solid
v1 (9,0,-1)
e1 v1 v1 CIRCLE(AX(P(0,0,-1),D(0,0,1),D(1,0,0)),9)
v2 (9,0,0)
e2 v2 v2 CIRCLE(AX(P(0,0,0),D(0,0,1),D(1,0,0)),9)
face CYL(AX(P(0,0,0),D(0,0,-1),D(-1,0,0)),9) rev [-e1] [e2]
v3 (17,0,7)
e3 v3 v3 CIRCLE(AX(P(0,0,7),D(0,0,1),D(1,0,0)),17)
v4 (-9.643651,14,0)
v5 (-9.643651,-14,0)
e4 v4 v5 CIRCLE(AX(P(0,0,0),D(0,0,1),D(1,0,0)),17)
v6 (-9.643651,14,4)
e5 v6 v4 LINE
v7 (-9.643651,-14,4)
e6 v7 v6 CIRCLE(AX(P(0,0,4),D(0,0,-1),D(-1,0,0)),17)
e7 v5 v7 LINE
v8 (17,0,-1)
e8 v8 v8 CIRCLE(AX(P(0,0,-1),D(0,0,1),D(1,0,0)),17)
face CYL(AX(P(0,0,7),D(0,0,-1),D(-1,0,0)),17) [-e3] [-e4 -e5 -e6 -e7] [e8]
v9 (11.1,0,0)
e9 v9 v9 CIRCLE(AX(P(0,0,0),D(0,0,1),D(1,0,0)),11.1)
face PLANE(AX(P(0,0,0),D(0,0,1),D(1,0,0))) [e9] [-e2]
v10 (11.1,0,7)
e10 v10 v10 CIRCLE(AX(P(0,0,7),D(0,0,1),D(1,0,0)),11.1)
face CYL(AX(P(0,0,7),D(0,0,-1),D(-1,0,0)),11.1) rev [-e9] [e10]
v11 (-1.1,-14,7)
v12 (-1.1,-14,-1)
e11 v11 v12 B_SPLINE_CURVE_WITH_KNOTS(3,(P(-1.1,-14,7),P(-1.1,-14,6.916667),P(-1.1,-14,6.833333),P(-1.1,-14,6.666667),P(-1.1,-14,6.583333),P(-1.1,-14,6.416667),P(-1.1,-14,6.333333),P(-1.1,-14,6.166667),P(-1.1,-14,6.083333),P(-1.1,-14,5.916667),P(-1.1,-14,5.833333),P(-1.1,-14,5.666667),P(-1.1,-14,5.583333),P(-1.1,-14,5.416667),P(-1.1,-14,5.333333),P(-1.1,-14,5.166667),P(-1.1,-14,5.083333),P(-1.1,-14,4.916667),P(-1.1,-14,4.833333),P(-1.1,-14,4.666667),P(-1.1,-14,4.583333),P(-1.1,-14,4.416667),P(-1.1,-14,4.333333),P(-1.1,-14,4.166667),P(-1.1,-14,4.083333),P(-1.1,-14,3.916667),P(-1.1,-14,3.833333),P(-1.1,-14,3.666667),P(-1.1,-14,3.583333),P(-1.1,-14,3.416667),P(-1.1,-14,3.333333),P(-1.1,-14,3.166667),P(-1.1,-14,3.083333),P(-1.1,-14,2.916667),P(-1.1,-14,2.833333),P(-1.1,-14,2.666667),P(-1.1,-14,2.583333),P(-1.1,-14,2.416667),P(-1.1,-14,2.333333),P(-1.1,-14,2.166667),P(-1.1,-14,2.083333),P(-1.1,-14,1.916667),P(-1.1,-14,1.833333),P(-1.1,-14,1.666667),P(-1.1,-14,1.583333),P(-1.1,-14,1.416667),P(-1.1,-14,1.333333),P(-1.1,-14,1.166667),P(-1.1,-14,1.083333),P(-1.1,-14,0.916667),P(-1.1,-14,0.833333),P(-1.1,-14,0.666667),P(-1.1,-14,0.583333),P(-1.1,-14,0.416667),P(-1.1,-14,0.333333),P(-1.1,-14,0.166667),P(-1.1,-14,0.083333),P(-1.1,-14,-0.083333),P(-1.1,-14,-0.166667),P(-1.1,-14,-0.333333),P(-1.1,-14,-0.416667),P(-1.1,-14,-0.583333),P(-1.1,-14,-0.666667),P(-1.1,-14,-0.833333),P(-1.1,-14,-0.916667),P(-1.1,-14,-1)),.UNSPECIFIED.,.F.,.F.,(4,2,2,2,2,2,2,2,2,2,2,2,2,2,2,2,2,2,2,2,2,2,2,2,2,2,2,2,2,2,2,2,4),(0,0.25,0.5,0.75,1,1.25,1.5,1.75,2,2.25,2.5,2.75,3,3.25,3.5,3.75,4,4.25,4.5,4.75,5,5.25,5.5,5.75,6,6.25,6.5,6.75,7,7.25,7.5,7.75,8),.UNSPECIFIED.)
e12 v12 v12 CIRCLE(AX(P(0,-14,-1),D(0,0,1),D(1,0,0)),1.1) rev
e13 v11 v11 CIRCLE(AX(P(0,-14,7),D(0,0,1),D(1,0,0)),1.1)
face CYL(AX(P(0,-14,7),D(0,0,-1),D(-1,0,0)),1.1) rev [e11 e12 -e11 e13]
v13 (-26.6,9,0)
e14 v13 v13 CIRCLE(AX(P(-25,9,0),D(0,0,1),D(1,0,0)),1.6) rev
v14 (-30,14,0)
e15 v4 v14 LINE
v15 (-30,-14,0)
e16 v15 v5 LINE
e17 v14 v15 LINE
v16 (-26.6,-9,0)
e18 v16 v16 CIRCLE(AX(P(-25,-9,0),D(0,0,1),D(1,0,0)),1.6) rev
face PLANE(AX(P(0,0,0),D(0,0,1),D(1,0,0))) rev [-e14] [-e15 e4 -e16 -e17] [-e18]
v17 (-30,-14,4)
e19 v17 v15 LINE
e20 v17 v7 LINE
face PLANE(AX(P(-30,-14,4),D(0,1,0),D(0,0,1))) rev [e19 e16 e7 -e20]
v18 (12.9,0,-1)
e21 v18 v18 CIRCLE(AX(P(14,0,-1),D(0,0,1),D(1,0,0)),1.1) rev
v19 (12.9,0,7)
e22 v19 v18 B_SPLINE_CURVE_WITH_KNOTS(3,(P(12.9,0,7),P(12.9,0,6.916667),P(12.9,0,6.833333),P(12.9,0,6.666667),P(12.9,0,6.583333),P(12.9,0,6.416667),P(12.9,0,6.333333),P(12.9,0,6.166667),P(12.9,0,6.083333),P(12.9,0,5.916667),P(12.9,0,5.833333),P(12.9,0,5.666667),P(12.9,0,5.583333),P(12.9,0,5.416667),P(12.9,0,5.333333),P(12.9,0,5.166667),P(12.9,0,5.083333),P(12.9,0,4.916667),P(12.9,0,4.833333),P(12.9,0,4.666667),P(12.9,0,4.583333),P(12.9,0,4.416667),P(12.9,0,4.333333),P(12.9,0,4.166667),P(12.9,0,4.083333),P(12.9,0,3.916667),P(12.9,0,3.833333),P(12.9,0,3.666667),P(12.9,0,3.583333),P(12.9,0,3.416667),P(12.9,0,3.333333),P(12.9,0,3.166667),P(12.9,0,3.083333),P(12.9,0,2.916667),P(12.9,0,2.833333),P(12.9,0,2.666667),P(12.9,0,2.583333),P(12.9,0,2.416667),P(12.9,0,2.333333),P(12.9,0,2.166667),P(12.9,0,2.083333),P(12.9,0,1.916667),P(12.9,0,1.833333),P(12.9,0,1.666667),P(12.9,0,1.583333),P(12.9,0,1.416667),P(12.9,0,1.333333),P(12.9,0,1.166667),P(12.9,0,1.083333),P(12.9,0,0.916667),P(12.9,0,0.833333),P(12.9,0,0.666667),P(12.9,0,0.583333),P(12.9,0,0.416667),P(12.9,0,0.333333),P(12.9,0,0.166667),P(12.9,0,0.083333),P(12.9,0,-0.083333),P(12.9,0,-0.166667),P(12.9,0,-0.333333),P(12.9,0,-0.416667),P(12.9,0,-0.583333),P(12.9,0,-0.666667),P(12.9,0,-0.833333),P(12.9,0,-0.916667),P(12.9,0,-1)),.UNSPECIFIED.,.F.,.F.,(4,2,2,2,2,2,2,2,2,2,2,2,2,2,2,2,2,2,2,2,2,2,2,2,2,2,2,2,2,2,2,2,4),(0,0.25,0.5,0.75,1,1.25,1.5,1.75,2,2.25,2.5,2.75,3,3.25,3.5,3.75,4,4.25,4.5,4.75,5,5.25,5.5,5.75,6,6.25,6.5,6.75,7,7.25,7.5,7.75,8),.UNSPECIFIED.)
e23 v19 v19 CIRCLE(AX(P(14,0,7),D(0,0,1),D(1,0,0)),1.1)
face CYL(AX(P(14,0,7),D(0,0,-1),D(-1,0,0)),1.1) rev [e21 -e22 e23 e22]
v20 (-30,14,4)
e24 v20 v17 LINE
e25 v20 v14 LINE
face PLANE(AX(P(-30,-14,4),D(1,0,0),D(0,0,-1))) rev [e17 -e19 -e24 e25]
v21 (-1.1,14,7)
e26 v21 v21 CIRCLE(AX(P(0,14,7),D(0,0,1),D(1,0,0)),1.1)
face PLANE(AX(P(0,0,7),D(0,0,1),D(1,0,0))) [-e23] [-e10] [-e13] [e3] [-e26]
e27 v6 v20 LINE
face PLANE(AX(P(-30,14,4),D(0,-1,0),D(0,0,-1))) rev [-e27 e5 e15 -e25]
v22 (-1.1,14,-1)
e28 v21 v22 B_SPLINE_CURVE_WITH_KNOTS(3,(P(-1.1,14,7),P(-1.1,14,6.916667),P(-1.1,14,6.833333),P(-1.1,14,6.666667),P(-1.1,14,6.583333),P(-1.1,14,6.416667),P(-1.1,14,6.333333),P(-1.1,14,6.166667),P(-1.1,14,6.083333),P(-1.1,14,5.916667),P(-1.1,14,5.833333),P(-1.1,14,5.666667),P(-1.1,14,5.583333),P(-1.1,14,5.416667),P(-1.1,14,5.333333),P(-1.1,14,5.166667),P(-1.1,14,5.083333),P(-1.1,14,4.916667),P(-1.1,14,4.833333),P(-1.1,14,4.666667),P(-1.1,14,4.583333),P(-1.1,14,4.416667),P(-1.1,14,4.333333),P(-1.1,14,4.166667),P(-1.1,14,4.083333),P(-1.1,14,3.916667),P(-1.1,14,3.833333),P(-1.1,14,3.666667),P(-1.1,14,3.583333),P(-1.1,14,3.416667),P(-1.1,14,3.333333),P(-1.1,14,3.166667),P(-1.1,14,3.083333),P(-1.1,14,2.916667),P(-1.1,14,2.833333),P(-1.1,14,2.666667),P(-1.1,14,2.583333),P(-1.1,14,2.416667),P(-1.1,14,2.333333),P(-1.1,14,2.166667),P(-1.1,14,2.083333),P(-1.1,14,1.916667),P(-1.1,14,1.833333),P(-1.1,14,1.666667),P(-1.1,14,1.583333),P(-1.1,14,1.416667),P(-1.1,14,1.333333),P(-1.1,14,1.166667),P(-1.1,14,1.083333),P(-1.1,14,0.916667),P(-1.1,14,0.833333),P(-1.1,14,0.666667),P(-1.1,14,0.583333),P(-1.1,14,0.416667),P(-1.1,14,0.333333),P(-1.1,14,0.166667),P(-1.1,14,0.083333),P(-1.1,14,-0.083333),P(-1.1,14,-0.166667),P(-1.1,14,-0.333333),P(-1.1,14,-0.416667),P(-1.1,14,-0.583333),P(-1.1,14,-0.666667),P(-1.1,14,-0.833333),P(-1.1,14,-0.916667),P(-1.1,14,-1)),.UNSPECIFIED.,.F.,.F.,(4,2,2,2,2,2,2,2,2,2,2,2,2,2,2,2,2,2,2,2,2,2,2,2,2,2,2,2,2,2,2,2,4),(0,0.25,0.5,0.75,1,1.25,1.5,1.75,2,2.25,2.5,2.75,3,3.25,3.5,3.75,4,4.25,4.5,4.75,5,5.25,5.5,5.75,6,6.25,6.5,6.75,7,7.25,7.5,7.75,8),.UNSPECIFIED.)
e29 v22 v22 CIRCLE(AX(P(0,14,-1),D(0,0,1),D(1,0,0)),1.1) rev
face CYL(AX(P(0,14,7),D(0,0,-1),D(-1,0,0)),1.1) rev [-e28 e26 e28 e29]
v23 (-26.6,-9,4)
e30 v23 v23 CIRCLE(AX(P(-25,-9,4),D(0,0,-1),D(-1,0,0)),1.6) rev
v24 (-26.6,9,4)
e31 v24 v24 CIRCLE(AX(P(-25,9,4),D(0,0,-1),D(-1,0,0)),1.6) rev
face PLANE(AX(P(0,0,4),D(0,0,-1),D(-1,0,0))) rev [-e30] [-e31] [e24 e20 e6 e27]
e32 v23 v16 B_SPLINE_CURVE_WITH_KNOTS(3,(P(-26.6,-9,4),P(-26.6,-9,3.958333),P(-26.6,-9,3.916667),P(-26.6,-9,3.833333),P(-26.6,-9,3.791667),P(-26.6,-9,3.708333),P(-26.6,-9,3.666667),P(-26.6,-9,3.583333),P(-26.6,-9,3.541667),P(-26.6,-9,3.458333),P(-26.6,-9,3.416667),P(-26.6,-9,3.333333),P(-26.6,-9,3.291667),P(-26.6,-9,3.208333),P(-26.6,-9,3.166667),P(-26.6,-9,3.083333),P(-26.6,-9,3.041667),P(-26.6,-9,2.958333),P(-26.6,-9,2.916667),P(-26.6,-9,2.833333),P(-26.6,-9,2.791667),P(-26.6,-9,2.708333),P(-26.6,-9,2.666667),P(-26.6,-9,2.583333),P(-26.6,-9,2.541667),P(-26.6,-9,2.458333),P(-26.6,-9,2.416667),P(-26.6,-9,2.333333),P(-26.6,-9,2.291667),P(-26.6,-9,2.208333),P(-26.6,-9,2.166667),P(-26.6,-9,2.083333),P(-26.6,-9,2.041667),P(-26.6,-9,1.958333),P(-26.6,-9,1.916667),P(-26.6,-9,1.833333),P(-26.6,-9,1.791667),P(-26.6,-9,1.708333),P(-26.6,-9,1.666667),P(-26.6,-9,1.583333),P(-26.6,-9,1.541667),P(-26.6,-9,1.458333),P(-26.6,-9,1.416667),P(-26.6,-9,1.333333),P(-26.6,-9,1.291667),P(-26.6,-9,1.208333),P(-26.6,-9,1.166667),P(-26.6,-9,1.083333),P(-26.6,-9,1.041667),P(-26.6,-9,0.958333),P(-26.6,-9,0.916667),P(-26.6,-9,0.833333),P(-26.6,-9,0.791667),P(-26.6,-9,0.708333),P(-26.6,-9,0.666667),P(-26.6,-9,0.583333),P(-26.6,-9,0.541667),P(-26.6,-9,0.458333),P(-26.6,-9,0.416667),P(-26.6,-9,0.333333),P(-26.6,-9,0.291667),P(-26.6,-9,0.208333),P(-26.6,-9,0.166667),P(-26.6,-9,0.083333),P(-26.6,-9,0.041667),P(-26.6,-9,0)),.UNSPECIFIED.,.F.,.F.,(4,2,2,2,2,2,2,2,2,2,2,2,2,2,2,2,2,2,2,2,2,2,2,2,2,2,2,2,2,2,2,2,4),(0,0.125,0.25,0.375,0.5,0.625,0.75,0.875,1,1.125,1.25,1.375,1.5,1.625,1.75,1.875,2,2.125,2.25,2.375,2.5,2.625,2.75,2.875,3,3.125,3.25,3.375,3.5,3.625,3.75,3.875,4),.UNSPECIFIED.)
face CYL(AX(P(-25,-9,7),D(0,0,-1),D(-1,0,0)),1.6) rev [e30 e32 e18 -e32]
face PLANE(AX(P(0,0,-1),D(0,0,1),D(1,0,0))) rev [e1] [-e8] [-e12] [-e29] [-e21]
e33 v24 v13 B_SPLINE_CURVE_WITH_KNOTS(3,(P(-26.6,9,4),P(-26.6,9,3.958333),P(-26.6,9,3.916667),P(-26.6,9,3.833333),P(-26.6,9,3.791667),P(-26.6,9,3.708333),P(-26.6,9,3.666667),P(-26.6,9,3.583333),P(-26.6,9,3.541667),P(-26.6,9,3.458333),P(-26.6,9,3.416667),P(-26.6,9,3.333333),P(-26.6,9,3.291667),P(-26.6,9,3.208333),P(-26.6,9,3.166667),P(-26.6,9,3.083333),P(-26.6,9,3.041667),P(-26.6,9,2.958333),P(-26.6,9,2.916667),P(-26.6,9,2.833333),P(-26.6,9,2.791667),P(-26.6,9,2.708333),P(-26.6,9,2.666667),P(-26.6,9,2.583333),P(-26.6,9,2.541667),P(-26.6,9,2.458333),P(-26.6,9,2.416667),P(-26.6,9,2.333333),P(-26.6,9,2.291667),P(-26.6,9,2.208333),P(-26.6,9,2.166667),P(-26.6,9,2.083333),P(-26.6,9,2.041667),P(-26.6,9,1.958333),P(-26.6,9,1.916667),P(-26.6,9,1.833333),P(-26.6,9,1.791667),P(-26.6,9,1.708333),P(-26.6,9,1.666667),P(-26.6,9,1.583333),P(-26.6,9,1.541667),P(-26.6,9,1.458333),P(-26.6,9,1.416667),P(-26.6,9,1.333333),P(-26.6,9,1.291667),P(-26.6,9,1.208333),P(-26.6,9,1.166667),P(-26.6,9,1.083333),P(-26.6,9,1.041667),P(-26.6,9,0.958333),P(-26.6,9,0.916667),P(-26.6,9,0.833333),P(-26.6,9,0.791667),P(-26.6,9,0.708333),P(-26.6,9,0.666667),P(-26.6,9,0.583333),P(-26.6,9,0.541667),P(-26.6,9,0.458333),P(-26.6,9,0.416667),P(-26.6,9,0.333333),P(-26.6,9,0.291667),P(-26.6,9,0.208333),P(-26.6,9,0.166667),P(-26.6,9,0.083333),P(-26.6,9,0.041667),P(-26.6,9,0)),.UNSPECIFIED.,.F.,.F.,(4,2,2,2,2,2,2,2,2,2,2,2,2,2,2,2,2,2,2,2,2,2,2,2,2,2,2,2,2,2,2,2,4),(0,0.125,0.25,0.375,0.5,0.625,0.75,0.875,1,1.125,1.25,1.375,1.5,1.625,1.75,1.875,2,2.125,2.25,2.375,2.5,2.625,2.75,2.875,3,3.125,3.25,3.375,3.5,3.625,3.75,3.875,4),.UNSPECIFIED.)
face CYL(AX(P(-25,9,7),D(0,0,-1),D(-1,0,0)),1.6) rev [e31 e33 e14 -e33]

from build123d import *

# Parameters (mm, degrees)
BEARING_HOUSING_PROFILE_R                  = 17
BEARING_HOUSING_PROFILE_R_2                = 11.1
BEARING_HOUSING_DEPTH                      = 7
MOUNTING_WEB_PROFILE_W                     = 30
MOUNTING_WEB_PROFILE_H                     = 28
MOUNTING_WEB_DEPTH                         = 4
BEARING_SEAT_START                         = -50
BEARING_SEAT_PROFILE_R                     = 11.1
BEARING_SEAT_DEPTH                         = 86.185224172
INNER_OUTER_RACE_RETAINING_LIP_START       = -1
INNER_OUTER_RACE_RETAINING_LIP_PROFILE_R   = 17
INNER_OUTER_RACE_RETAINING_LIP_PROFILE_R_2 = 9
INNER_OUTER_RACE_RETAINING_LIP_DEPTH       = 1
STANDOFF_FASTENERS_START                   = -50
STANDOFF_FASTENERS_PROFILE_R               = 1.6
STANDOFF_FASTENERS_DEPTH                   = 86.185224172
BEARING_KEEPER_FASTENERS_START             = -50
BEARING_KEEPER_FASTENERS_PROFILE_R         = 1.1
BEARING_KEEPER_FASTENERS_DEPTH             = 86.185224172


with BuildPart() as part:
    # Bearing_housing_profile → Bearing_housing (new body)
    with BuildSketch(Plane.XY):
        Circle(BEARING_HOUSING_PROFILE_R)
        Circle(BEARING_HOUSING_PROFILE_R_2, mode=Mode.SUBTRACT)
    extrude(amount=BEARING_HOUSING_DEPTH)

    # Mounting_web_profile → Mounting_web (add)
    with BuildSketch(Plane.XY):
        with Locations((-15, 0)):
            Rectangle(MOUNTING_WEB_PROFILE_W, MOUNTING_WEB_PROFILE_H)
    extrude(amount=MOUNTING_WEB_DEPTH)

    # Bearing_seat_profile → Bearing_seat (cut, through all)
    with BuildSketch(Plane.XY.offset(BEARING_SEAT_START)):
        Circle(BEARING_SEAT_PROFILE_R)
    extrude(amount=BEARING_SEAT_DEPTH, mode=Mode.SUBTRACT)

    # Inner_outer_race_retaining_lip_profile → Inner_outer_race_retaining_lip (add)
    with BuildSketch(Plane.XY.offset(INNER_OUTER_RACE_RETAINING_LIP_START)):
        Circle(INNER_OUTER_RACE_RETAINING_LIP_PROFILE_R)
        Circle(INNER_OUTER_RACE_RETAINING_LIP_PROFILE_R_2, mode=Mode.SUBTRACT)
    extrude(amount=INNER_OUTER_RACE_RETAINING_LIP_DEPTH)

    # Standoff_fasteners_profile → Standoff_fasteners (cut, through all)
    with BuildSketch(Plane.XY.offset(STANDOFF_FASTENERS_START)):
        with Locations(Location((-25, -9, 0), (0, 0, 180))):
            Circle(STANDOFF_FASTENERS_PROFILE_R)
        with Locations(Location((-25, 9, 0), (0, 0, 180))):
            Circle(STANDOFF_FASTENERS_PROFILE_R)
    extrude(amount=STANDOFF_FASTENERS_DEPTH, mode=Mode.SUBTRACT)

    # Bearing_keeper_fasteners_profile → Bearing_keeper_fasteners (cut, through all)
    with BuildSketch(Plane.XY.offset(BEARING_KEEPER_FASTENERS_START)):
        with Locations(Location((14, 0, 0), (0, 0, 180))):
            Circle(BEARING_KEEPER_FASTENERS_PROFILE_R)
        with Locations(Location((0, -14, 0), (0, 0, 180))):
            Circle(BEARING_KEEPER_FASTENERS_PROFILE_R)
        with Locations(Location((0, 14, 0), (0, 0, 180))):
            Circle(BEARING_KEEPER_FASTENERS_PROFILE_R)
    extrude(amount=BEARING_KEEPER_FASTENERS_DEPTH, mode=Mode.SUBTRACT)


solid = part.part
